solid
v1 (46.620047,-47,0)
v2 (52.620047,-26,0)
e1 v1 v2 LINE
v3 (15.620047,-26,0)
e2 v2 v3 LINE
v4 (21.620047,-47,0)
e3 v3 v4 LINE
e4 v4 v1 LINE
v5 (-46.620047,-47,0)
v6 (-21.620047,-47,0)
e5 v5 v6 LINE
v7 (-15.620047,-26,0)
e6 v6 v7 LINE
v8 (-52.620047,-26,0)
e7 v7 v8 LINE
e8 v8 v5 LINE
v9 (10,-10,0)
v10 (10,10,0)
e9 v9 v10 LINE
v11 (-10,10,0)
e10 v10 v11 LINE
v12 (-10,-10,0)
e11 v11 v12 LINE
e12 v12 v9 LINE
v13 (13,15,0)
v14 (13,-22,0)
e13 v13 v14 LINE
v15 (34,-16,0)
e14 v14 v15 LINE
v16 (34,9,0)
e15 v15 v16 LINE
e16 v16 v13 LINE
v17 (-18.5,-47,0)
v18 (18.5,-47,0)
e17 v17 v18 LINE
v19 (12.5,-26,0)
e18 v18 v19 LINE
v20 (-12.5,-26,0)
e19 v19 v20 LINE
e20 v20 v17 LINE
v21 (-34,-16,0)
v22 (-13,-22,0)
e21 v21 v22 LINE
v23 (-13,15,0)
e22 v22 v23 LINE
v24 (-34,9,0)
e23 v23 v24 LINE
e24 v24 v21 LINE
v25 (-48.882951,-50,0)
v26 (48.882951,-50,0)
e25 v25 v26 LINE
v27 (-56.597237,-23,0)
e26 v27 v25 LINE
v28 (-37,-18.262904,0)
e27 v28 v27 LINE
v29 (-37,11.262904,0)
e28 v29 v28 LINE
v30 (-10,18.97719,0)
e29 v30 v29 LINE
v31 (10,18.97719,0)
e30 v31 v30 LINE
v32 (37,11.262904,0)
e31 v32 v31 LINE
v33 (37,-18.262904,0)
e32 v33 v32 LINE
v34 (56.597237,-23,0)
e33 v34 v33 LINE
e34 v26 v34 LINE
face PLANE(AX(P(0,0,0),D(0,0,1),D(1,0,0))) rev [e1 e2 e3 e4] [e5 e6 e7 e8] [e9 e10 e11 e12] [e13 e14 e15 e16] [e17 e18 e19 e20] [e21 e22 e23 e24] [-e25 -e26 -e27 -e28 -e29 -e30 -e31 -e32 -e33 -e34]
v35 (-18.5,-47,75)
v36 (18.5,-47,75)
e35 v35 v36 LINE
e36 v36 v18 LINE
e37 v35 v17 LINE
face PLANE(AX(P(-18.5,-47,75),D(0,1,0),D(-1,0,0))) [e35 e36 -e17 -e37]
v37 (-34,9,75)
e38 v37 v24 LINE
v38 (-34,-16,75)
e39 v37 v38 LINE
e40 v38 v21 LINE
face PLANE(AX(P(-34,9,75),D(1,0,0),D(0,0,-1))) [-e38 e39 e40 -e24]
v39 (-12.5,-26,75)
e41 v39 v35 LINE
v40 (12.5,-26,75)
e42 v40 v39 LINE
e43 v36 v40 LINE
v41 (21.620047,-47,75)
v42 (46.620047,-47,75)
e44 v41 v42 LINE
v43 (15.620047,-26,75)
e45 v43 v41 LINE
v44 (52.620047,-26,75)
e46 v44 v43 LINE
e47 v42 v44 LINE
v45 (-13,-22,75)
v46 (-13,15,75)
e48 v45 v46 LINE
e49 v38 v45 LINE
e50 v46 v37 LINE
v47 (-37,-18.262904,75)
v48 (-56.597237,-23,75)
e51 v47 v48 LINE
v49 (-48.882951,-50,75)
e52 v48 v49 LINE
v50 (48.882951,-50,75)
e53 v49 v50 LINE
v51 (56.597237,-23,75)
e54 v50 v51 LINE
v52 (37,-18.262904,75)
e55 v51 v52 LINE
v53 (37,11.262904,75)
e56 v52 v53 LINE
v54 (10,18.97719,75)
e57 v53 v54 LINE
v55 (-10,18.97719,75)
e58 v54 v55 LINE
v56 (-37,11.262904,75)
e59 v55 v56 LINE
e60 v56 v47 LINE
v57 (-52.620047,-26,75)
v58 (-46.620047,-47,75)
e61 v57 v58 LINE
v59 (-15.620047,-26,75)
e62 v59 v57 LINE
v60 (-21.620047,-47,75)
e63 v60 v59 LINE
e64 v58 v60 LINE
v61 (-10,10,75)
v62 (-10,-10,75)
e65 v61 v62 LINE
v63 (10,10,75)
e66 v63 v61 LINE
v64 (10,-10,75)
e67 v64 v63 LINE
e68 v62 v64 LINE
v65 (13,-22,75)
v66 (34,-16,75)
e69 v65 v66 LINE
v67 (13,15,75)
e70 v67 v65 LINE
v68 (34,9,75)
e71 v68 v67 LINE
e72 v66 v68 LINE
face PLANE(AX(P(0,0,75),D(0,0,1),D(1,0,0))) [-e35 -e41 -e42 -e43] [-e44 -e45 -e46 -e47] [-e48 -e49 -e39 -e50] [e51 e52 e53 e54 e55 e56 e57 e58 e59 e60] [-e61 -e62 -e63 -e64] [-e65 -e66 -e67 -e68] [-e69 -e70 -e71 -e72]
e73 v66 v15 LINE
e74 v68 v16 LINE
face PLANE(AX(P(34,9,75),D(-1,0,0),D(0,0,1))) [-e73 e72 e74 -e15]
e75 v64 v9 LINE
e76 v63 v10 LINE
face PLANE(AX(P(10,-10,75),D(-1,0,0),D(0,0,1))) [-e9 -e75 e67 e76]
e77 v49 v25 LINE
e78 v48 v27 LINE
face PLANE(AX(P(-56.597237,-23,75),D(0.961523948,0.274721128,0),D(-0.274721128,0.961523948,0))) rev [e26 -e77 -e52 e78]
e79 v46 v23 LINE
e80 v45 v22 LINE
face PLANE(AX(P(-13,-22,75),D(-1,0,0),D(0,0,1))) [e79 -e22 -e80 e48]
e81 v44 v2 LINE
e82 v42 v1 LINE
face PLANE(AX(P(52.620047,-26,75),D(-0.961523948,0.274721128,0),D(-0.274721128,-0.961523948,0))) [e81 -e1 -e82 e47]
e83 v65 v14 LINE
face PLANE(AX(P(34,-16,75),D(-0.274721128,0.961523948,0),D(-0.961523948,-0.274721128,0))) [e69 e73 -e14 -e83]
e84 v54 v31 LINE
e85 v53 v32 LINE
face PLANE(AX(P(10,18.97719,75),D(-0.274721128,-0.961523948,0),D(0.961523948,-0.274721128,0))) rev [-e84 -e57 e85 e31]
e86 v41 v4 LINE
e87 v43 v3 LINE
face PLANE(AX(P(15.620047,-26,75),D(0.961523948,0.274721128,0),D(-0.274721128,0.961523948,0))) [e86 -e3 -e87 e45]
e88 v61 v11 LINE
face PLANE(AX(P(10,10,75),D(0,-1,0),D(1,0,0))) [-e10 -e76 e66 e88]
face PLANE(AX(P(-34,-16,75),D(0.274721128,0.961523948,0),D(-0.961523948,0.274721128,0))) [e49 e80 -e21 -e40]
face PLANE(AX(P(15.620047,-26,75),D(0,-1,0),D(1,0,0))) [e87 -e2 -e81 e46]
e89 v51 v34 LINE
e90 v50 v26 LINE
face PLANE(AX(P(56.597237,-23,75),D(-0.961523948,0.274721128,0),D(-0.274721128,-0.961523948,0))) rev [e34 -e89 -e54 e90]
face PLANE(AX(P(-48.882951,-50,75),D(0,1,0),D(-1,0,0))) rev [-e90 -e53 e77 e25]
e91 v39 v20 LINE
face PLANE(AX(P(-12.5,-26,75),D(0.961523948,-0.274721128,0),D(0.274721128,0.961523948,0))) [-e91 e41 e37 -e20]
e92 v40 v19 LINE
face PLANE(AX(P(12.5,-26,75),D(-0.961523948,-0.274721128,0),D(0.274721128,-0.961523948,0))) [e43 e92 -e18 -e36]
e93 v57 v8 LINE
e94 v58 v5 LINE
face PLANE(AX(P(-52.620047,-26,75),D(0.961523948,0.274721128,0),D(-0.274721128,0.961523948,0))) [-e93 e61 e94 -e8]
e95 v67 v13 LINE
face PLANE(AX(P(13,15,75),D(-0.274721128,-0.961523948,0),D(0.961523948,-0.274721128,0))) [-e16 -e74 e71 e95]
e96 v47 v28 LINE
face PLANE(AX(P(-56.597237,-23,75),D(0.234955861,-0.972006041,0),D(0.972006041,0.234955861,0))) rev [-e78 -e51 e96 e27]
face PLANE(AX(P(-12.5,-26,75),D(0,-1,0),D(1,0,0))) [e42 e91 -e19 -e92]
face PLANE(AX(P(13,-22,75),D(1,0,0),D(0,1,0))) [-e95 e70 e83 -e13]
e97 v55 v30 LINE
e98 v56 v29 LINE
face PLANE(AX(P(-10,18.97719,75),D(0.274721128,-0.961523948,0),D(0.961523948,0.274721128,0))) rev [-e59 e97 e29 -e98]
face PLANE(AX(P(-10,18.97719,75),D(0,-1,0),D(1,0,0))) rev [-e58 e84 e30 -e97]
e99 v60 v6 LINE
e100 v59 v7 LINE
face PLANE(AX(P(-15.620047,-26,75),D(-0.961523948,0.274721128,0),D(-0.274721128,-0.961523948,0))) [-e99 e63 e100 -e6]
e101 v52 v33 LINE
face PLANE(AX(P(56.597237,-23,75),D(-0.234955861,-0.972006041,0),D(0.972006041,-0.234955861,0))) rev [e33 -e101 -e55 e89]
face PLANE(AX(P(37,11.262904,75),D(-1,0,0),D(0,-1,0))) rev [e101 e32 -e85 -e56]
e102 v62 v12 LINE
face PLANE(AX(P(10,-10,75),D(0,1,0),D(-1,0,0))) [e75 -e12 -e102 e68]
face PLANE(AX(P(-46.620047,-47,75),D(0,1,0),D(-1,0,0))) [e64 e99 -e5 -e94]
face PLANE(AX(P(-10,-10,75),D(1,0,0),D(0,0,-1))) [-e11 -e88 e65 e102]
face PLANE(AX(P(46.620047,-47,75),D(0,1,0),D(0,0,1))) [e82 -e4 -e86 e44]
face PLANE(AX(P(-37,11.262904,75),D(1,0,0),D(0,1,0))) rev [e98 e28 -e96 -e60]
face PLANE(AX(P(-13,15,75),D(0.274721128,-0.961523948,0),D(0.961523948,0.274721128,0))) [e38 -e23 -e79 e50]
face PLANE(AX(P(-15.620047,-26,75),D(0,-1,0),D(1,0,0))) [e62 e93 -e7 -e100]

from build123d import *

# Parameters (mm, degrees)
SKETCH1_W           = 20
SKETCH1_H           = 20
BOSS_EXTRUDE1_DEPTH = 75


with BuildPart() as part:
    # Sketch1 → Boss-Extrude1 (new body)
    with BuildSketch(Plane.XY):
        Polygon((56.597237048, -23), (48.882951334, -50), (-48.882951334, -50), (-56.597237048, -23), (-37, -18.262904238), (-37, 11.262904238), (-10, 18.977189953), (0, 18.977189953), (10, 18.977189953), (37, 11.262904238), (37, -18.262904238), align=None)
        Rectangle(SKETCH1_W, SKETCH1_H, mode=Mode.SUBTRACT)
        Polygon((-12.5, -26), (12.5, -26), (18.5, -47), (-18.5, -47), align=None, mode=Mode.SUBTRACT)
        Polygon((15.620047095, -26), (21.620047095, -47), (46.620047095, -47), (52.620047095, -26), align=None, mode=Mode.SUBTRACT)
        Polygon((-15.620047095, -26), (-52.620047095, -26), (-46.620047095, -47), (-21.620047095, -47), align=None, mode=Mode.SUBTRACT)
        Polygon((-13, -22), (-13, 15), (-34, 9), (-34, -16), align=None, mode=Mode.SUBTRACT)
        Polygon((34, 9), (34, -16), (13, -22), (13, 15), align=None, mode=Mode.SUBTRACT)
    extrude(amount=BOSS_EXTRUDE1_DEPTH)


solid = part.part
